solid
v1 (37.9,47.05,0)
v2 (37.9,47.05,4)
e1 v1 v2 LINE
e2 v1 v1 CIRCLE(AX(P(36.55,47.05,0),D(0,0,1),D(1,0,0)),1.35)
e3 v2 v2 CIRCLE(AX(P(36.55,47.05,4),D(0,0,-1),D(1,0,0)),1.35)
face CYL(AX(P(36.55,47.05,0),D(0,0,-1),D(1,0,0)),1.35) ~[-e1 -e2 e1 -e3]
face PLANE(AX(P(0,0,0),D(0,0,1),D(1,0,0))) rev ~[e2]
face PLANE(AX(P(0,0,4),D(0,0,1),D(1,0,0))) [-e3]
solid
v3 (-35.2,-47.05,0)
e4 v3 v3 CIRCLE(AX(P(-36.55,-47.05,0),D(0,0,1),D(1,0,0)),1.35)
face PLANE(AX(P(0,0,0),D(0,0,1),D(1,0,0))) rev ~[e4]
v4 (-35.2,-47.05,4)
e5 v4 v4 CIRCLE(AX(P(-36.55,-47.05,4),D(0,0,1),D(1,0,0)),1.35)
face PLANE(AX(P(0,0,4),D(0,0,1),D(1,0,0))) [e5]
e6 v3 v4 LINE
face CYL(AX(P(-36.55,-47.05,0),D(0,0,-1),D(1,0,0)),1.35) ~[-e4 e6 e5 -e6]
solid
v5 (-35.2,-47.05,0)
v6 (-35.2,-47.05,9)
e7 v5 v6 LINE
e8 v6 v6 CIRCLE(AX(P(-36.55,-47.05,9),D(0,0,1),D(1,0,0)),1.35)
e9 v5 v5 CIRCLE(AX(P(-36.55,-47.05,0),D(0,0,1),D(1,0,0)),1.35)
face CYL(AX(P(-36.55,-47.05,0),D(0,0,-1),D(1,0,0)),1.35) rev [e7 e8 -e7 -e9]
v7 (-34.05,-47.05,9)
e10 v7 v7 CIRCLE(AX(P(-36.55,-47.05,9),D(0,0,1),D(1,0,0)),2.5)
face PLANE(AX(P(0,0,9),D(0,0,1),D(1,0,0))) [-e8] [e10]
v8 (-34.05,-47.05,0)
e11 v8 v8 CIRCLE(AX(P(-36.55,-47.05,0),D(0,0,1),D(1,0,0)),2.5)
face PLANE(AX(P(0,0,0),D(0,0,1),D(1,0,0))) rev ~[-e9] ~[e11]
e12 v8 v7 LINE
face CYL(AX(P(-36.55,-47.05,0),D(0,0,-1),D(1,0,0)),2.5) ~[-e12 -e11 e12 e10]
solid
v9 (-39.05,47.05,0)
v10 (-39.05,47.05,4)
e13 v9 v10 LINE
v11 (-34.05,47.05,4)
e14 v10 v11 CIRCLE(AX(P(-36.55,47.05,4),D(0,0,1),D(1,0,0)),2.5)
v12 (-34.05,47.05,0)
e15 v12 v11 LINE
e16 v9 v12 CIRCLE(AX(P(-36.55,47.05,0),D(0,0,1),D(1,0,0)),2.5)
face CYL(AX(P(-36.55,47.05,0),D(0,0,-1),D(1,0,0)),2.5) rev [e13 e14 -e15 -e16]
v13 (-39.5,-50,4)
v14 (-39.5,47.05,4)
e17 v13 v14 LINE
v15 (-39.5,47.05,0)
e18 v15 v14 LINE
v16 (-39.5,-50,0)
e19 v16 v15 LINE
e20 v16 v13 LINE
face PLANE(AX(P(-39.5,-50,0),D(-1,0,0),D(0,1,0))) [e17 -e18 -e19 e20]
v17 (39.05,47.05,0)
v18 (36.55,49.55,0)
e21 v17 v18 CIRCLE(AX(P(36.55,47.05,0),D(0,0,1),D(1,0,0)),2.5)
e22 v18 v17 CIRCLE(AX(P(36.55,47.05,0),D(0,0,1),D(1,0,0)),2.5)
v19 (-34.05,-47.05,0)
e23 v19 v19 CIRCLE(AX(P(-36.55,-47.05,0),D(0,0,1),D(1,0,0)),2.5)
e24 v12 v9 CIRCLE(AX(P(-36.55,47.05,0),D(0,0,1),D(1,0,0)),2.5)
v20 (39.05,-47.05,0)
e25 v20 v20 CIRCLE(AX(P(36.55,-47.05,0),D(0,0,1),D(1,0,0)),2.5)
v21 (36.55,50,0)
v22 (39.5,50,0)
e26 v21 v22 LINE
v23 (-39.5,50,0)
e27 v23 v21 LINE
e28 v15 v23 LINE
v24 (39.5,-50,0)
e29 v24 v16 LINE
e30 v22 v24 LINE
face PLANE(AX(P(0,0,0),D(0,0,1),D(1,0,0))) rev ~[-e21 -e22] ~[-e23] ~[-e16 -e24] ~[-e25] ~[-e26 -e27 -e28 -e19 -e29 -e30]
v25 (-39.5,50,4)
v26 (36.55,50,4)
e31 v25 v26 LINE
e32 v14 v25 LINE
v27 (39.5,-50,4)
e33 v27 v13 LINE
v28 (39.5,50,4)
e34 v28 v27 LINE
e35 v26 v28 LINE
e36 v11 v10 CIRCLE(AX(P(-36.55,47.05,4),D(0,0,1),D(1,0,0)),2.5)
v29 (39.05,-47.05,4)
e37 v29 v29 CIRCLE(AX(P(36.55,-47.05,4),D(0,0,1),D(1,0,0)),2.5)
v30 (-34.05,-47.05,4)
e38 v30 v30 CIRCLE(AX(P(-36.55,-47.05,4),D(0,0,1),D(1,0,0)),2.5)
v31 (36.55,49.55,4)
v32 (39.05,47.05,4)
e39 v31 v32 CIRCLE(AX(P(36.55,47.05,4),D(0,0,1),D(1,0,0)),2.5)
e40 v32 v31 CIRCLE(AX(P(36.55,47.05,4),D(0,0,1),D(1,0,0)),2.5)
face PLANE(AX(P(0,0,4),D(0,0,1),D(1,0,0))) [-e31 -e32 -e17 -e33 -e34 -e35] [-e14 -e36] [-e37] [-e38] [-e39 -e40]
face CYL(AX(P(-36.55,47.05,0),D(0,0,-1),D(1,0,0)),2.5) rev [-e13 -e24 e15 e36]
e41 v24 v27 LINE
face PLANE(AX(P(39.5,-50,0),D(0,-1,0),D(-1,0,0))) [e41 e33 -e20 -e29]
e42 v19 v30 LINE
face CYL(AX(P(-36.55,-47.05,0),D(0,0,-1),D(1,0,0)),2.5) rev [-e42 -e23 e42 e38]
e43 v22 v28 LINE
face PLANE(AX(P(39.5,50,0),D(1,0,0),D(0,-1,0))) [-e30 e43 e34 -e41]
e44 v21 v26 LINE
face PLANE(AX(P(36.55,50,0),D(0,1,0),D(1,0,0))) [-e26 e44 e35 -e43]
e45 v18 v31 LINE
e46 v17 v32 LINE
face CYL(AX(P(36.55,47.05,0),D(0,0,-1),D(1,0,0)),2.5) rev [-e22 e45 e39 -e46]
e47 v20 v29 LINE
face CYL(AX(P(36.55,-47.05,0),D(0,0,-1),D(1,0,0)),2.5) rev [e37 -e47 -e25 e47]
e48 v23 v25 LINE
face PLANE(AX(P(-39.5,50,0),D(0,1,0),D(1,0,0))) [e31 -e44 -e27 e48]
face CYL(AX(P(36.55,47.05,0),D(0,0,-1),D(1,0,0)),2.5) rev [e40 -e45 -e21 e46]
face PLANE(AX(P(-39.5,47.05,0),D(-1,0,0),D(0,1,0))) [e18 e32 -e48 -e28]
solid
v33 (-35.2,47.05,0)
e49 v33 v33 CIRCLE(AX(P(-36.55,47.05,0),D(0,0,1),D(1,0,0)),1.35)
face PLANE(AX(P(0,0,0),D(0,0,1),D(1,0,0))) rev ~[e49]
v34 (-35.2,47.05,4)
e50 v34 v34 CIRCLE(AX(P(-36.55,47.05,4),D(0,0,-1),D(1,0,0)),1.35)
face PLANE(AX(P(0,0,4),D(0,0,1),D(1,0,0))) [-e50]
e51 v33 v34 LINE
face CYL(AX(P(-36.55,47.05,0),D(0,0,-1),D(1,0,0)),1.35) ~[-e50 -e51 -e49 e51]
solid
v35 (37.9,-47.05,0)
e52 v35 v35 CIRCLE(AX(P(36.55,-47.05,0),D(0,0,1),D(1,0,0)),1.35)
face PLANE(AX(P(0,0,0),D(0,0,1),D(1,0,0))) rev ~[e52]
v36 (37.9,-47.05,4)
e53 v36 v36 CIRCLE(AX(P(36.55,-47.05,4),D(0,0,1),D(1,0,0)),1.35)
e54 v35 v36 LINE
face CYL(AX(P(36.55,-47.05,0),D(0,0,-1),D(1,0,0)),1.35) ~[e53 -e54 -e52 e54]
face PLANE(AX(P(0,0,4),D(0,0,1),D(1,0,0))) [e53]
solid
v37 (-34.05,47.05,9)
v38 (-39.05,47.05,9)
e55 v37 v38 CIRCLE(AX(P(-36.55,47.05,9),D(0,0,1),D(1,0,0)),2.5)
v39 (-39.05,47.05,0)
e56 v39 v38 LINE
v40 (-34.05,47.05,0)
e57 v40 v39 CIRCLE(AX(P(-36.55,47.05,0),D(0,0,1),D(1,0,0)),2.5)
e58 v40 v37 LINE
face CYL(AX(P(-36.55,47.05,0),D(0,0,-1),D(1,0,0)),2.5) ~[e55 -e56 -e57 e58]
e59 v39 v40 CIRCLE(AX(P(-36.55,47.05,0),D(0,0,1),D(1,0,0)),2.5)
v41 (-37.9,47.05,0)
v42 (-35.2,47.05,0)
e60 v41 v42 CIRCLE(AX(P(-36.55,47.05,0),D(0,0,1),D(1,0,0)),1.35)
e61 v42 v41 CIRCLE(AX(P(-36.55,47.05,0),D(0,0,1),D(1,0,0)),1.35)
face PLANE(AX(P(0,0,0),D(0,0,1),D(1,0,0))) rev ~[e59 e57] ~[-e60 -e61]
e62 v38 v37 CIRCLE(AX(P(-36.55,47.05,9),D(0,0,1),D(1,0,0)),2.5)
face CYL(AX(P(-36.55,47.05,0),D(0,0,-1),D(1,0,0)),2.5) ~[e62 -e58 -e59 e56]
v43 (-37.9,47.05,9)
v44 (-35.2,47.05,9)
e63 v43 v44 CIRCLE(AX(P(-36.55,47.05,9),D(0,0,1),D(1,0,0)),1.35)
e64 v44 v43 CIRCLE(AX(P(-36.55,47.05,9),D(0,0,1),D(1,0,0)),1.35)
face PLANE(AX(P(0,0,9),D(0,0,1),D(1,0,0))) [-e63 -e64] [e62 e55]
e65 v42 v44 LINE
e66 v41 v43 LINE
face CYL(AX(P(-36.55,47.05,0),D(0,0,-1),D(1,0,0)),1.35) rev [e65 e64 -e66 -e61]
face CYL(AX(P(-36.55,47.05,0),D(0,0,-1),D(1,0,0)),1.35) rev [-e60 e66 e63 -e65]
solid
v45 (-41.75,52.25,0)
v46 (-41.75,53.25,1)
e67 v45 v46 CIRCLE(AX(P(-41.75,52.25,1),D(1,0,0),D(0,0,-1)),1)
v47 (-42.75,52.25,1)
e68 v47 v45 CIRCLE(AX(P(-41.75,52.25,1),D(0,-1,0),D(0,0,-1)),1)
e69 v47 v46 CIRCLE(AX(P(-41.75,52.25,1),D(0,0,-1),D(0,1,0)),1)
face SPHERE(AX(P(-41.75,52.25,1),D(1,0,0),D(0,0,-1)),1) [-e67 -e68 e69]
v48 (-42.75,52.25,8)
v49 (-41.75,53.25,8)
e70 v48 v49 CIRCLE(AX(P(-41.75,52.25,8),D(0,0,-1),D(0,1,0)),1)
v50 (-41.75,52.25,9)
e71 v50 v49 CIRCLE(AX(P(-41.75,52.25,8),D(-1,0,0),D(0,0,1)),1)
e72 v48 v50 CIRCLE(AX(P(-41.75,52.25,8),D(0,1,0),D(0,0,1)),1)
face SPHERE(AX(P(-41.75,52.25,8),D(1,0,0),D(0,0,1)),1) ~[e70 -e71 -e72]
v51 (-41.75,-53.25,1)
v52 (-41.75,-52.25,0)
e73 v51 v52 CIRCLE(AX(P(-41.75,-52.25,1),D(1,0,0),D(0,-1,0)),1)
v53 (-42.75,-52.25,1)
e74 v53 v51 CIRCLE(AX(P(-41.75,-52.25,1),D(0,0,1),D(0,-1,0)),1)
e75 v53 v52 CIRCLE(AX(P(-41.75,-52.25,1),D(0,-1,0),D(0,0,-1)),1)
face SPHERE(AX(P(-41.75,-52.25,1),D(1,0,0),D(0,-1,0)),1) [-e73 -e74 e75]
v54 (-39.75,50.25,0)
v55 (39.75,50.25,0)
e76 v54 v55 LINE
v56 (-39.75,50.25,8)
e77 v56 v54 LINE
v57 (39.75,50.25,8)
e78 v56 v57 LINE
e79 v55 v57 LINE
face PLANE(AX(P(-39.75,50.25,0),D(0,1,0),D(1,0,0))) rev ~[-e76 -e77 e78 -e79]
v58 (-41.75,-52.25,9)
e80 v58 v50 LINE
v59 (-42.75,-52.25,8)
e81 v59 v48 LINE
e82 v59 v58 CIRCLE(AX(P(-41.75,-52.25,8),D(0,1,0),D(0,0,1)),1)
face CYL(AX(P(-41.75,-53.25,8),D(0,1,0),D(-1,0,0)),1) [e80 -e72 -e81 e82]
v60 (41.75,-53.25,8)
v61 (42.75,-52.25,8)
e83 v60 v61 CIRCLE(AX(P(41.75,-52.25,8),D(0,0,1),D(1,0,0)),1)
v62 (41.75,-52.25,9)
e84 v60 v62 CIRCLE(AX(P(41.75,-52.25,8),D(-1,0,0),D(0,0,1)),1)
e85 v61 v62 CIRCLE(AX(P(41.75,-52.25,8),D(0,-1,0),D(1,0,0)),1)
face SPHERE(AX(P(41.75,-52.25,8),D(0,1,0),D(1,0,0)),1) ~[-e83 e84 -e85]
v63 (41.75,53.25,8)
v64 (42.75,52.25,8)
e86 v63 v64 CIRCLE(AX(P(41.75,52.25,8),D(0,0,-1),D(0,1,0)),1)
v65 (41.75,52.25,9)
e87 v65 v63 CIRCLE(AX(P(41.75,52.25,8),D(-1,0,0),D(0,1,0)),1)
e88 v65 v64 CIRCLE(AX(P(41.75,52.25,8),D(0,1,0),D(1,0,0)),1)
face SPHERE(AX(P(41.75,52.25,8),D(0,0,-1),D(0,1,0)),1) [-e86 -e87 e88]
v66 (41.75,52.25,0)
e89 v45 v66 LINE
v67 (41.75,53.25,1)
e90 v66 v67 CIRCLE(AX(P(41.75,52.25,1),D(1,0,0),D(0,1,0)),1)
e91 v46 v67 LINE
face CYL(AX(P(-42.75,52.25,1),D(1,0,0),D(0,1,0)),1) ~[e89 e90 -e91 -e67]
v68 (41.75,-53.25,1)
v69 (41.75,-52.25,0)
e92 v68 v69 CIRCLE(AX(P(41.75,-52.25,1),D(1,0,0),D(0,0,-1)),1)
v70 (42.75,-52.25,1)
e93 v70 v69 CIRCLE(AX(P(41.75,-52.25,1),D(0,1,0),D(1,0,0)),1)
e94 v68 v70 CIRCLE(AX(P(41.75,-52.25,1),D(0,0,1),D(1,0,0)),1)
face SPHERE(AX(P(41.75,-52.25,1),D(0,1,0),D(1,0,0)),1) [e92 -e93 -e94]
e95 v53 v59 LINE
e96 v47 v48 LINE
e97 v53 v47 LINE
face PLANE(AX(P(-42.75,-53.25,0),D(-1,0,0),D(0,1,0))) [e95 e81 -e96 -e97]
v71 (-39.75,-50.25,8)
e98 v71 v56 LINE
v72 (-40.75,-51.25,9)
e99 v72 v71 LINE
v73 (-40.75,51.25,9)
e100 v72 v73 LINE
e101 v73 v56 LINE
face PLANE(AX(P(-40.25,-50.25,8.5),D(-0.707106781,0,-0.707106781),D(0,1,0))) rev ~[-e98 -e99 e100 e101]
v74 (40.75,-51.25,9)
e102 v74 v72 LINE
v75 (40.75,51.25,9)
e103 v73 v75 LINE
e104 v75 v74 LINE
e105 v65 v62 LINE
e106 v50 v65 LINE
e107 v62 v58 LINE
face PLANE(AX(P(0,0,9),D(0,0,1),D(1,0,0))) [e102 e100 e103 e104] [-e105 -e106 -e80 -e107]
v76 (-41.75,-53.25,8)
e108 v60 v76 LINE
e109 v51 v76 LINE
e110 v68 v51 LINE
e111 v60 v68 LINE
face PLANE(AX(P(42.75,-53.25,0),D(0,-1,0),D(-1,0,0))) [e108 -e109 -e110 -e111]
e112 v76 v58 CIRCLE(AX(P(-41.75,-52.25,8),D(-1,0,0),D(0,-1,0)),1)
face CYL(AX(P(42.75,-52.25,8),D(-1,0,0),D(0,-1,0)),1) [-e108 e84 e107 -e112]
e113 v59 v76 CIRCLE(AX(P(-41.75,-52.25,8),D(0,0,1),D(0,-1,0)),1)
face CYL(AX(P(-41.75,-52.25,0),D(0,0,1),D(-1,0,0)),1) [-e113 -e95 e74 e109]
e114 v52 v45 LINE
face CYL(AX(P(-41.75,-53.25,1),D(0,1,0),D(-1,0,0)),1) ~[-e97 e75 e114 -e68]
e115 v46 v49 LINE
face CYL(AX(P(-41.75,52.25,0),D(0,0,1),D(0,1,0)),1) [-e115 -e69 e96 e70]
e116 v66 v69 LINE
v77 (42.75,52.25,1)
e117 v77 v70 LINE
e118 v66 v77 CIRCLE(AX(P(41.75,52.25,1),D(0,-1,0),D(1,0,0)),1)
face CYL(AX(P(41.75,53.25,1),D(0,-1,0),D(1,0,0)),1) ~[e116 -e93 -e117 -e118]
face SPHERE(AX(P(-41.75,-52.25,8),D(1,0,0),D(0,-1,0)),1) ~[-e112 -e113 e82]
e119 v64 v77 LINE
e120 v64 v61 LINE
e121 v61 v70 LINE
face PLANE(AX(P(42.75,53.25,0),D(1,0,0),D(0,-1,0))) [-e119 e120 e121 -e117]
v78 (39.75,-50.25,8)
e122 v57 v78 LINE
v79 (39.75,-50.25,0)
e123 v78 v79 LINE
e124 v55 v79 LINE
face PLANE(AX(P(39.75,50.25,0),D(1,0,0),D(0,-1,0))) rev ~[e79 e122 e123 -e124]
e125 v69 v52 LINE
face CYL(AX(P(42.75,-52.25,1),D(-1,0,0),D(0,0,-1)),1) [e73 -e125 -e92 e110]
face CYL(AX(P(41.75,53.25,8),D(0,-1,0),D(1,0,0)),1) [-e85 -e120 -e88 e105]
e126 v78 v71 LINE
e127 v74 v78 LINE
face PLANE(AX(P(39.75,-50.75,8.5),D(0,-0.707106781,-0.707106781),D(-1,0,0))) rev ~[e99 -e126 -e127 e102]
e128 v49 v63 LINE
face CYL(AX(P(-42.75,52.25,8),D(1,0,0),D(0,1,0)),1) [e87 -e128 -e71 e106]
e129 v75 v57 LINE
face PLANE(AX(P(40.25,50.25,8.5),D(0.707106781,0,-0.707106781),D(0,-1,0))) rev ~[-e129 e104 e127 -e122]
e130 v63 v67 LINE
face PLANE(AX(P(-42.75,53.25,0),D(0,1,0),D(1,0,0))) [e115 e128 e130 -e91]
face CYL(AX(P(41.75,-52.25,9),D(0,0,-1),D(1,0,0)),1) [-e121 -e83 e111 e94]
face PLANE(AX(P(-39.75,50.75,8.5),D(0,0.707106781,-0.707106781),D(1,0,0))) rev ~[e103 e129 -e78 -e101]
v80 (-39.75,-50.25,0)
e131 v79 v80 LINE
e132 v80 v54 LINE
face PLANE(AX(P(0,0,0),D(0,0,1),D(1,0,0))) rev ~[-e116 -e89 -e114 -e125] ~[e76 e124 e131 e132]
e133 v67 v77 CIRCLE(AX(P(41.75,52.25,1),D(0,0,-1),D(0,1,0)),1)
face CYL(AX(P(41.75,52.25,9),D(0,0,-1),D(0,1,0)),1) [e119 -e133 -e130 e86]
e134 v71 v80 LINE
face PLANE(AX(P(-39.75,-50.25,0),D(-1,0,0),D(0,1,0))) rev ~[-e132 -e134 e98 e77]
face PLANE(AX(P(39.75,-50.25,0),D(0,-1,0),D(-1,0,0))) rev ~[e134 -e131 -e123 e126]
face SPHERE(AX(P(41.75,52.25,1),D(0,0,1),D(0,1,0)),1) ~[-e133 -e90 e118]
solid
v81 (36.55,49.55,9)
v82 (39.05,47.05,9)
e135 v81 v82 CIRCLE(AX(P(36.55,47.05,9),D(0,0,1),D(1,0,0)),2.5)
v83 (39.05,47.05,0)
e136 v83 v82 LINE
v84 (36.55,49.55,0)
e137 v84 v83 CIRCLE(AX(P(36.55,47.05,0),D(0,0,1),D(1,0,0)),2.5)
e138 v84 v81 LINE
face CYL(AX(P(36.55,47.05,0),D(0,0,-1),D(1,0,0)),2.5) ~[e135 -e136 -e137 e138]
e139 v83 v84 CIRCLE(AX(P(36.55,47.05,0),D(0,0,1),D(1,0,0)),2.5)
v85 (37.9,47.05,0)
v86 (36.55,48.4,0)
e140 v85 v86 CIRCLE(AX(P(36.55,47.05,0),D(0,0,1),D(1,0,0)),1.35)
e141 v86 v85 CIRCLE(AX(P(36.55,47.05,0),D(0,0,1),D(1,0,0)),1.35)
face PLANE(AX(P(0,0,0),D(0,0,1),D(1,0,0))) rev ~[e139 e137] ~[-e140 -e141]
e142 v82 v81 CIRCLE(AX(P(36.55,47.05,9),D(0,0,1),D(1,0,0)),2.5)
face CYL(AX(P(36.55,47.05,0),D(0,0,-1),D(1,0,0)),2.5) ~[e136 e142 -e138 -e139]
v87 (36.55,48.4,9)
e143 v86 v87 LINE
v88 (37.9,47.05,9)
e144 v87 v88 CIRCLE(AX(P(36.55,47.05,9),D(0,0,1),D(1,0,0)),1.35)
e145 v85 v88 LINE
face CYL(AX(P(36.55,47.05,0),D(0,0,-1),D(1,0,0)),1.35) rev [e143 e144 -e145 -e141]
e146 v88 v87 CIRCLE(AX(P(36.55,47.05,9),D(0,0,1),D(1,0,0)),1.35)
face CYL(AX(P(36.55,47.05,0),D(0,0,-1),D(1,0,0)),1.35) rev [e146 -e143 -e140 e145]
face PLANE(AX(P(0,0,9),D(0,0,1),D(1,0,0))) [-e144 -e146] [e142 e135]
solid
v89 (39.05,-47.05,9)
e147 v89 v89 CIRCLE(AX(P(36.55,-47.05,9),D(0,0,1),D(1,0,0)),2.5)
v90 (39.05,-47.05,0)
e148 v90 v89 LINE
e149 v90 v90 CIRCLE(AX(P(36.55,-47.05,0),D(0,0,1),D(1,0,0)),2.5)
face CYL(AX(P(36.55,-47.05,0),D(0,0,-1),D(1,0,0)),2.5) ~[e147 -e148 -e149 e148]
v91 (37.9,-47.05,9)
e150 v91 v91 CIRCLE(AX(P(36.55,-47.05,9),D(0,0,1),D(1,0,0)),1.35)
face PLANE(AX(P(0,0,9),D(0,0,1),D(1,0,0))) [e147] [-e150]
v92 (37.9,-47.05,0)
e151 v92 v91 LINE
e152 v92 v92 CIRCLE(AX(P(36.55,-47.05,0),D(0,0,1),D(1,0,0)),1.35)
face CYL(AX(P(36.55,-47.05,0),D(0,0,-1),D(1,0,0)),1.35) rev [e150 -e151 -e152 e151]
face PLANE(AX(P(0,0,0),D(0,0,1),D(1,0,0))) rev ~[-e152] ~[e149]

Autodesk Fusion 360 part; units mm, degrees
sketch "Sketch1" plane through (0, 0, 0) normal (0, 0, 1) x (1, 0, 0)
  line L0 (39.5, -50) -> (-39.5, -50)
  line L1 (-39.5, -50) -> (-39.5, 50)
  line L2 (-39.5, 50) -> (39.5, 50)
  line L3 (39.5, 50) -> (39.5, -50)
  line L4 (39.5, -50) -> (-39.5, 50) construction
  line L5 (-39.5, -50) -> (39.5, 50) construction
  line L6 (39.5, 50) -> (36.55, 50)
  line L7 (36.55, 50) -> (36.55, 47.05)
  circle A0 centre (36.55, 47.05) radius 1.35
  circle A1 centre (36.55, 47.05) radius 2.5
  circle A2 centre (36.55, 47.05) radius 2.5
  circle A3 centre (36.55, 47.05) radius 1.35
  line L8 (-39.5, 50) -> (-39.5, 47.05)
  line L9 (-39.5, 47.05) -> (-36.55, 47.05)
  circle A4 centre (36.55, 47.05) radius 1.35
  circle A5 centre (36.55, 47.05) radius 2.5
  circle A6 centre (-36.55, 47.05) radius 1.35
  circle A7 centre (-36.55, 47.05) radius 2.5
  line L10 (0, 0) -> (5, 0)
  circle A8 centre (-36.55, -47.05) radius 2.5
  circle A9 centre (36.55, -47.05) radius 1.35
  circle A10 centre (36.55, -47.05) radius 2.5
  circle A11 centre (-36.55, -47.05) radius 1.35
  line L11 (-42.75, 53.25) -> (42.75, 53.25)
  line L12 (42.75, 53.25) -> (42.75, -53.25)
  line L13 (42.75, -53.25) -> (-42.75, -53.25)
  line L14 (-42.75, -53.25) -> (-42.75, 53.25)
  line L15 (39.75, 50.25) -> (39.75, -50.25)
  line L16 (39.75, -50.25) -> (-39.75, -50.25)
  line L17 (-39.75, -50.25) -> (-39.75, 50.25)
  line L18 (-39.75, 50.25) -> (39.75, 50.25)
  point P0 (36.55, -47.05)
  dimension "d1" = 79
  dimension "d2" = 100
  dimension "d3" = 2.95
  dimension "d4" = 2.95
  dimension "d5" = 2.7
  dimension "d6" = 5
  dimension "d7" = 2.7
  dimension "d8" = 5
  dimension "d9" = 2.95
  dimension "d10" = 2.7
  dimension "d11" = 5
  dimension "d12" = 2.7
  dimension "d13" = 5
  dimension "d14" = -3.25
  dimension "d15" = -0.25
extrude "Extrude1" add sketch "Sketch1" along normal blind 4 contours L0 L1 L2 L3 L6 L8 makes body 1
extrude "Extrude2" add sketch "Sketch1" along normal blind 5 separate body contours L11 L12 L13 L14 makes body 2
extrude "Extrude3" add sketch "Sketch1" along normal blind 10 separate body contours A1 A2 A5 | A7 | A8 | A10 makes body 3 at (39.0469, -47.1746, 6.6667) makes body 4 at (39.0469, 47.1746, 3.3333) makes body 5 at (-34.0531, -47.1746, 6.6667) makes body 6 at (-34.0531, 46.9254, 6.6667)
extrude "Extrude4" add 1 faces at (-41.75, -16.75, 5) along direction (0, 0, 1) blind 4 on bodies 2 bodies 2
extrude "Extrude5" add sketch "Sketch1" along normal blind 4 separate body contours A0 A3 A4 | A6 | A9 | A11 makes body 7 at (37.8933, 47.1844, 2.6667) makes body 8 at (-37.8933, -47.1844, 2.6667) makes body 9 at (-35.2067, 47.1844, 2.6667) makes body 10 at (35.2067, -47.1844, 2.6667)
extrude "Extrude6" cut 4 faces at (-34.4426, -47.1742, 10) (38.6574, -47.1742, 10) (38.6523, 47.2413, 10) (-34.4426, 46.9258, 10) along direction (0, 0, -1) blind 1 on bodies 3 4 5 6 bodies 3 4 5 6
fillet "Fillet1" radius 1 12 edges at (42.75, 53.25, 4.5) (0, 53.25, 9) (42.75, 0, 9) (0, 53.25, 0) (42.75, 0, 0) (42.75, -53.25, 4.5) (0, -53.25, 9) (0, -53.25, 0) (-42.75, -53.25, 4.5) (-42.75, 0, 9) (-42.75, 0, 0) (-42.75, 53.25, 4.5) on bodies 2
chamfer "Chamfer1" distance 1 angle 45 4 edges at (0, 50.25, 9) (-39.75, 0, 9) (39.75, 0, 9) (0, -50.25, 9) on bodies 2
